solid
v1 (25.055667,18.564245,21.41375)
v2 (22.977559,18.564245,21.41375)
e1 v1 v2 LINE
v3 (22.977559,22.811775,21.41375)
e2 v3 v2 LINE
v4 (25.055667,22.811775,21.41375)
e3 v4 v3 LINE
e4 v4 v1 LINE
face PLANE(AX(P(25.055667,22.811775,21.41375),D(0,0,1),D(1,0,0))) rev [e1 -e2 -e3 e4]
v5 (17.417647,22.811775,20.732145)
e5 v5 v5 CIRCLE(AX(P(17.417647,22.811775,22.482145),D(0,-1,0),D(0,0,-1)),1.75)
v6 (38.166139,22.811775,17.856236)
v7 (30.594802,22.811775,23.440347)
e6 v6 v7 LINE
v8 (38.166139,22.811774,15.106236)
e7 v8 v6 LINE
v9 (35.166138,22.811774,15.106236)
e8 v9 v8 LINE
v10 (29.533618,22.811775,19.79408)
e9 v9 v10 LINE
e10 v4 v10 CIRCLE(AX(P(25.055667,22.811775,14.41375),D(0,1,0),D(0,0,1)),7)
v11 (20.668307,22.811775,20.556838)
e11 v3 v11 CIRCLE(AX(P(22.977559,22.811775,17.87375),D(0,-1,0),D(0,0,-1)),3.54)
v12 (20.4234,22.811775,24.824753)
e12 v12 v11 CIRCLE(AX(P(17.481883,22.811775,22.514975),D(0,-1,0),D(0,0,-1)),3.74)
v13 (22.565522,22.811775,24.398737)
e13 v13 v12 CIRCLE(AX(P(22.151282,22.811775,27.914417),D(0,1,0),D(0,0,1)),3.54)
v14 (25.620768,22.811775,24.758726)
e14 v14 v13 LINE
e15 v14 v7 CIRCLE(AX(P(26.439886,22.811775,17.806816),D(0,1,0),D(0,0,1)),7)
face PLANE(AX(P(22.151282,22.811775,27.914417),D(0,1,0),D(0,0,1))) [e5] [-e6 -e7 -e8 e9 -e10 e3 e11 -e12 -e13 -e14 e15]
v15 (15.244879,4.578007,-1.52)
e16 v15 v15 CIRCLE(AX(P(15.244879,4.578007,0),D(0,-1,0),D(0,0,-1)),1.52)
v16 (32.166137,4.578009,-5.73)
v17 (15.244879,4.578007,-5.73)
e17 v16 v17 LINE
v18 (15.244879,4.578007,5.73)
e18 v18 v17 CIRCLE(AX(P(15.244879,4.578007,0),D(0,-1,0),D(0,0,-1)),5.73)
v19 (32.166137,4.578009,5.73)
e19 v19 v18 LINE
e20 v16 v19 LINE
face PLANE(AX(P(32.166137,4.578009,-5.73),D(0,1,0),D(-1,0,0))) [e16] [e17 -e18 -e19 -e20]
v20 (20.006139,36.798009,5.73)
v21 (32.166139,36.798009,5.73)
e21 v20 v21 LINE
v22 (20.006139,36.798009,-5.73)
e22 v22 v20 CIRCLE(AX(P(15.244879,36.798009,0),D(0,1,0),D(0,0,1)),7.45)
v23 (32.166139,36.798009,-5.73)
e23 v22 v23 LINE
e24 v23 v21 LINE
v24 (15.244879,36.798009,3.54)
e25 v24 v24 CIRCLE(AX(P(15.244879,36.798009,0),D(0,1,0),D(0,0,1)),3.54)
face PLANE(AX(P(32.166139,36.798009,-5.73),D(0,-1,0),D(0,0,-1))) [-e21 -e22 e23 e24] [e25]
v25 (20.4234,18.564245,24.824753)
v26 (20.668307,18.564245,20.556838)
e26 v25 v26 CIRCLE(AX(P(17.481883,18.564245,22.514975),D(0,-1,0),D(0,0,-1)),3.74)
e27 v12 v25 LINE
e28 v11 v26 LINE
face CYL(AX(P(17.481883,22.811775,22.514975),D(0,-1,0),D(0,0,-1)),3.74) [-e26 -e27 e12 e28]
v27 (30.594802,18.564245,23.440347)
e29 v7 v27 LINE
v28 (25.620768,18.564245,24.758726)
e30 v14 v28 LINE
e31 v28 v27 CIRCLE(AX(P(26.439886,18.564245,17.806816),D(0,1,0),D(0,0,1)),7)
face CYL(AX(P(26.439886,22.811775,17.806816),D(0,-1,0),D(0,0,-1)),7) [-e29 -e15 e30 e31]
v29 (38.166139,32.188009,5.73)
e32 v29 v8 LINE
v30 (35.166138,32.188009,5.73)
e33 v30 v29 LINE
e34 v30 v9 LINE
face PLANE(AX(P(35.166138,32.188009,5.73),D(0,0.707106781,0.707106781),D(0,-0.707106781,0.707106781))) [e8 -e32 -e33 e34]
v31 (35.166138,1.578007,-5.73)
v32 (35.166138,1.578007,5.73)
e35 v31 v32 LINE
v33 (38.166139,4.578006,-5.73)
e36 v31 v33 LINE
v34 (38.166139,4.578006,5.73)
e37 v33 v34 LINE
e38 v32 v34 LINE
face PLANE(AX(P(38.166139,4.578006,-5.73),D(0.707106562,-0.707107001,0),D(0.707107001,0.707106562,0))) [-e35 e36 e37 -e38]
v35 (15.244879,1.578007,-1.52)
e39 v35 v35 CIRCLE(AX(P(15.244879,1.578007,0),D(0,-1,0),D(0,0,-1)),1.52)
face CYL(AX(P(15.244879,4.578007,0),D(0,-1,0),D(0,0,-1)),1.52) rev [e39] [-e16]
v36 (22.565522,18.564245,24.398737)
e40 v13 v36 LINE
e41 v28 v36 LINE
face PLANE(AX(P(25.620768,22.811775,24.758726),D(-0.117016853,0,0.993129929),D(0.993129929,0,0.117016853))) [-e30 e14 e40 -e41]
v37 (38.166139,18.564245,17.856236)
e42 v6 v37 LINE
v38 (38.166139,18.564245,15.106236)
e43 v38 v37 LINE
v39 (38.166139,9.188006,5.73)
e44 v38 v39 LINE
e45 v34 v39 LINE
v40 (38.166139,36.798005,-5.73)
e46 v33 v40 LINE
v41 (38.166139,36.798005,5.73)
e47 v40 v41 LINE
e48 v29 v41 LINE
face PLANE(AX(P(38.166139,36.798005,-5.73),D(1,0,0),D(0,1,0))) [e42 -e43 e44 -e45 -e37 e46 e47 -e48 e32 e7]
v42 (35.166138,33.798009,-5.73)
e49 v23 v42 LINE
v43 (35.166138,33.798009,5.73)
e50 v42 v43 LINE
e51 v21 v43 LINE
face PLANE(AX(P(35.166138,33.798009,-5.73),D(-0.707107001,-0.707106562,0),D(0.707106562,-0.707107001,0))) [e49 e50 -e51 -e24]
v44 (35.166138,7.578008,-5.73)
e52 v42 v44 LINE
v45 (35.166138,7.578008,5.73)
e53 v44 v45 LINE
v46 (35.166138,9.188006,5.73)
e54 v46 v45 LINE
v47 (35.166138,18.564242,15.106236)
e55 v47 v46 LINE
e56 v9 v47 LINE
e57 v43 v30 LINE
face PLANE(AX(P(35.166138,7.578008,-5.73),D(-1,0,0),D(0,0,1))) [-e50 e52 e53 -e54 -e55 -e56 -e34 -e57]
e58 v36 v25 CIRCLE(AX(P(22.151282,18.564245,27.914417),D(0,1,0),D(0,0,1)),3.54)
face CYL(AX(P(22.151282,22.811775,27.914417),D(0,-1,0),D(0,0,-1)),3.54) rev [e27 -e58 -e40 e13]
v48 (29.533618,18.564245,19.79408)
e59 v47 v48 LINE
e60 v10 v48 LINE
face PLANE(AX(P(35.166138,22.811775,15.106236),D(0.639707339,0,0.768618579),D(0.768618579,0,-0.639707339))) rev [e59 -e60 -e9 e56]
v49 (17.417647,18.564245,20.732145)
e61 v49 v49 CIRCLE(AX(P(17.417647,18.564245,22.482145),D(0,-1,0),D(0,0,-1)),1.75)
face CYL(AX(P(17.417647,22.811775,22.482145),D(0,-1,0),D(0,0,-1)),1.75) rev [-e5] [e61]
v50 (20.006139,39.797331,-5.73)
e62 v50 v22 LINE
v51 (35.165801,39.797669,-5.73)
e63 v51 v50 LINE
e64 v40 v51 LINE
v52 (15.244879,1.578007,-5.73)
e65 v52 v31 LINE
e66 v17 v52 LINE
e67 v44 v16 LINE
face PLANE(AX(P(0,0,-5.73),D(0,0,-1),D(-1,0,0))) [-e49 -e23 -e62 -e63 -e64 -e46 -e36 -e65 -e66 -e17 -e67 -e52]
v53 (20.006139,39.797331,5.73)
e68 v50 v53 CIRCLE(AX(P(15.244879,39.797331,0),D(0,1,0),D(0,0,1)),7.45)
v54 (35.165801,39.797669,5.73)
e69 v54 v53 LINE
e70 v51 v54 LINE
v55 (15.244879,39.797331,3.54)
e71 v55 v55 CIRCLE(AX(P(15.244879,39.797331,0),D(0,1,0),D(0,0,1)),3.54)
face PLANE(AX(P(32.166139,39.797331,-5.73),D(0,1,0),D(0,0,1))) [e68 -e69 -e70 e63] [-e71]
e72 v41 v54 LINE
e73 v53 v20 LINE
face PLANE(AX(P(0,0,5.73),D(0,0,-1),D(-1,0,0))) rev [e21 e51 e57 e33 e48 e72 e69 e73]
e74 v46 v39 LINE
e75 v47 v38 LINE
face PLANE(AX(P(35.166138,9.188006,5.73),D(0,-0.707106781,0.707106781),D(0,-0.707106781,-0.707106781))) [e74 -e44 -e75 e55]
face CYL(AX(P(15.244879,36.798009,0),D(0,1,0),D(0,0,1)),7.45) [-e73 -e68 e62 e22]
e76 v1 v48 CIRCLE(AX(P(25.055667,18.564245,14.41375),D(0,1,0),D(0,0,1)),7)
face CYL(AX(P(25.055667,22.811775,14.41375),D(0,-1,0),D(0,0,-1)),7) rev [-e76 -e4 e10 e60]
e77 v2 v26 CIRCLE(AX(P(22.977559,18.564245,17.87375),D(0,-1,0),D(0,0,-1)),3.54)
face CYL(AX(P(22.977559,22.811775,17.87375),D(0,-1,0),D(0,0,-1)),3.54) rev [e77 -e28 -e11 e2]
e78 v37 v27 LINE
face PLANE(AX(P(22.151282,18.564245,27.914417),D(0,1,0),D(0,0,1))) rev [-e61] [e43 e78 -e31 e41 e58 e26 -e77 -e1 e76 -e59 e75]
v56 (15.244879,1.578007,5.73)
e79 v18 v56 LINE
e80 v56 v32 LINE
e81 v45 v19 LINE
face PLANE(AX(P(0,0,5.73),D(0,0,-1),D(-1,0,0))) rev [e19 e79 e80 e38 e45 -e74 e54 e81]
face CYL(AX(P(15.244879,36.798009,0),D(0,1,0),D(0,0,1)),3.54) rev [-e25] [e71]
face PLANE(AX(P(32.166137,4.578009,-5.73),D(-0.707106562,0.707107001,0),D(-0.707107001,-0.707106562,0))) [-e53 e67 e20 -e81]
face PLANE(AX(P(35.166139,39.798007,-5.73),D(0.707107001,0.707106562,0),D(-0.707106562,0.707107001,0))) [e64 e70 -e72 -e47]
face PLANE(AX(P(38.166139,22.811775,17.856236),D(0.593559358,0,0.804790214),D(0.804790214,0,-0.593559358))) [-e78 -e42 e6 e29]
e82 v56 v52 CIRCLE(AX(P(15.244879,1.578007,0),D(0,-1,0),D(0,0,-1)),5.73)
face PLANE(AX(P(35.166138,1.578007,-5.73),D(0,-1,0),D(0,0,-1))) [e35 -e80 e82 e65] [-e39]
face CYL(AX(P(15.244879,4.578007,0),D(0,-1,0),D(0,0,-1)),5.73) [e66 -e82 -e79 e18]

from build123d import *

# Parameters (mm, degrees)
BOSS_EXTRUDE1_DEPTH      = 5.73
BOSS_EXTRUDE1_DEPTH_BACK = 5.73
BOSS_EXTRUDE2_DEPTH      = 11.46
BOSS_EXTRUDE3_DEPTH      = 11.46
BOSS_EXTRUDE4_DEPTH      = 2.999321
SKETCH7_R                = 3.54
CUT_EXTRUDE2_DEPTH       = 2.999322
BOSS_EXTRUDE5_DEPTH      = 3
SKETCH11_R               = 1.52
CUT_EXTRUDE3_DEPTH       = 3
BOSS_EXTRUDE6_DEPTH      = 3.000001
BOSS_EXTRUDE7_DEPTH      = 4.24753
SKETCH15_R               = 1.75
CUT_EXTRUDE4_DEPTH       = 4.24753


with BuildPart() as part:
    # Sketch1 → Boss-Extrude1 (new, two sides: drawn at the far end of the back side and taken through both)
    with BuildSketch(Plane.XY.offset(-BOSS_EXTRUDE1_DEPTH_BACK)):
        Polygon((32.166139185, 36.798009468), (35.166138746, 39.798007166), (38.166139237, 36.798004811), (38.166139237, 4.578006273), (35.166137814, 1.578006712), (32.166137322, 4.578009067), (35.166137814, 7.578007696), (35.166137814, 33.798008976), align=None)
    extrude(amount=BOSS_EXTRUDE1_DEPTH + BOSS_EXTRUDE1_DEPTH_BACK)

    # Sketch2 → Boss-Extrude2 (add)
    with BuildSketch(Plane.XY.offset(5.73)):
        Polygon((32.166139185, 36.798009468), (20.006139185, 36.798009468), (20.006139185, 39.797331447), (32.166139185, 39.797331447), (35.165463026, 39.797331447), align=None)
    extrude(amount=-BOSS_EXTRUDE2_DEPTH)

    # Sketch3 → Boss-Extrude3 (add)
    with BuildSketch(Plane.XY.offset(5.73)):
        Polygon((32.166137322, 4.578009067), (35.166137814, 1.578006712), (32.166137322, 1.578006712), (20.006137322, 1.578006712), (20.006137322, 4.578009067), align=None)
    extrude(amount=-BOSS_EXTRUDE3_DEPTH)

    # Sketch4 → Boss-Extrude4 (add)
    with BuildSketch(Plane(origin=(0, 39.797331447, 0), x_dir=(1, 0, 0), z_dir=(0, 1, 0))):
        with BuildLine():
            Line((20.006139185, 5.73), (20.006139185, -5.73))
            ThreePointArc((20.006139185, -5.73), (7.794878848, 0), (20.006139185, 5.73))
        make_face()
    extrude(amount=-BOSS_EXTRUDE4_DEPTH)

    # Sketch7 → Cut-Extrude2 (cut)
    with BuildSketch(Plane(origin=(0, 39.797331447, 0), x_dir=(1, 0, 0), z_dir=(0, 1, 0))):
        with Locations(Location((15.244878848, 0, 0), (0, 0, 270))):
            Circle(SKETCH7_R)
    extrude(amount=-CUT_EXTRUDE2_DEPTH, mode=Mode.SUBTRACT)

    # Sketch9 → Boss-Extrude5 (add)
    with BuildSketch(Plane(origin=(0, 1.578006712, 0), x_dir=(-1, 0, 0), z_dir=(0, -1, 0))):
        with BuildLine():
            Line((-20.006139185, -5.73), (-15.244878848, -5.73))
            ThreePointArc((-15.244878848, -5.73), (-9.514878848, 0), (-15.244878848, 5.73))
            Line((-15.244878848, 5.73), (-20.006137322, 5.73))
            Line((-20.006137322, 5.73), (-20.006139185, -5.73))
        make_face()
    extrude(amount=-BOSS_EXTRUDE5_DEPTH)

    # Sketch11 → Cut-Extrude3 (cut)
    with BuildSketch(Plane(origin=(0, 1.578006712, 0), x_dir=(-1, 0, 0), z_dir=(0, -1, 0))):
        with Locations(Location((-15.244878848, 0, 0), (0, 0, 90))):
            Circle(SKETCH11_R)
    extrude(amount=-CUT_EXTRUDE3_DEPTH, mode=Mode.SUBTRACT)

    # Sketch12 → Boss-Extrude6 (add)
    with BuildSketch(Plane(origin=(38.166139237, 0, 0), x_dir=(0, 0, -1), z_dir=(1, 0, 0))):
        Polygon((-5.73, 32.188009468), (-5.73, 9.188006273), (-15.106235919, 18.564242191), (-15.106235919, 22.811773549), align=None)
    extrude(amount=-BOSS_EXTRUDE6_DEPTH)

    # Sketch14 → Boss-Extrude7 (add)
    with BuildSketch(Plane(origin=(0, 18.564244712, 0), x_dir=(-1, 0, 0), z_dir=(0, -1, 0))):
        with BuildLine():
            Line((-38.166139237, -15.106235919), (-38.166139237, -17.856235919))
            Line((-38.166139237, -17.856235919), (-30.594801522, -23.440347499))
            ThreePointArc((-30.594801522, -23.440347499), (-28.233323063, -24.573172743), (-25.620768045, -24.758725505))
            Line((-25.620768045, -24.758725505), (-22.565521767, -24.398737054))
            ThreePointArc((-22.565521767, -24.398737054), (-21.460785016, -24.442412716), (-20.423400376, -24.824752827))
            ThreePointArc((-20.423400376, -24.824752827), (-13.74802539, -22.300713773), (-20.66830721, -20.556837667))
            ThreePointArc((-20.66830721, -20.556837667), (-21.746000534, -21.192615252), (-22.977558626, -21.413750285))
            Line((-22.977558626, -21.413750285), (-25.055666544, -21.413750285))
            ThreePointArc((-25.055666544, -21.413750285), (-27.436600146, -20.996390727), (-29.53361792, -19.794080338))
            Line((-29.53361792, -19.794080338), (-35.166137814, -15.106235919))
            Line((-35.166137814, -15.106235919), (-38.166139237, -15.106235919))
        make_face()
    extrude(amount=-BOSS_EXTRUDE7_DEPTH)

    # Sketch15 → Cut-Extrude4 (cut)
    with BuildSketch(Plane(origin=(0, 18.564244712, 0), x_dir=(-1, 0, 0), z_dir=(0, -1, 0))):
        with Locations(Location((-17.41764683, -22.48214533, 0), (0, 0, 90))):
            Circle(SKETCH15_R)
    extrude(amount=-CUT_EXTRUDE4_DEPTH, mode=Mode.SUBTRACT)


solid = part.part
